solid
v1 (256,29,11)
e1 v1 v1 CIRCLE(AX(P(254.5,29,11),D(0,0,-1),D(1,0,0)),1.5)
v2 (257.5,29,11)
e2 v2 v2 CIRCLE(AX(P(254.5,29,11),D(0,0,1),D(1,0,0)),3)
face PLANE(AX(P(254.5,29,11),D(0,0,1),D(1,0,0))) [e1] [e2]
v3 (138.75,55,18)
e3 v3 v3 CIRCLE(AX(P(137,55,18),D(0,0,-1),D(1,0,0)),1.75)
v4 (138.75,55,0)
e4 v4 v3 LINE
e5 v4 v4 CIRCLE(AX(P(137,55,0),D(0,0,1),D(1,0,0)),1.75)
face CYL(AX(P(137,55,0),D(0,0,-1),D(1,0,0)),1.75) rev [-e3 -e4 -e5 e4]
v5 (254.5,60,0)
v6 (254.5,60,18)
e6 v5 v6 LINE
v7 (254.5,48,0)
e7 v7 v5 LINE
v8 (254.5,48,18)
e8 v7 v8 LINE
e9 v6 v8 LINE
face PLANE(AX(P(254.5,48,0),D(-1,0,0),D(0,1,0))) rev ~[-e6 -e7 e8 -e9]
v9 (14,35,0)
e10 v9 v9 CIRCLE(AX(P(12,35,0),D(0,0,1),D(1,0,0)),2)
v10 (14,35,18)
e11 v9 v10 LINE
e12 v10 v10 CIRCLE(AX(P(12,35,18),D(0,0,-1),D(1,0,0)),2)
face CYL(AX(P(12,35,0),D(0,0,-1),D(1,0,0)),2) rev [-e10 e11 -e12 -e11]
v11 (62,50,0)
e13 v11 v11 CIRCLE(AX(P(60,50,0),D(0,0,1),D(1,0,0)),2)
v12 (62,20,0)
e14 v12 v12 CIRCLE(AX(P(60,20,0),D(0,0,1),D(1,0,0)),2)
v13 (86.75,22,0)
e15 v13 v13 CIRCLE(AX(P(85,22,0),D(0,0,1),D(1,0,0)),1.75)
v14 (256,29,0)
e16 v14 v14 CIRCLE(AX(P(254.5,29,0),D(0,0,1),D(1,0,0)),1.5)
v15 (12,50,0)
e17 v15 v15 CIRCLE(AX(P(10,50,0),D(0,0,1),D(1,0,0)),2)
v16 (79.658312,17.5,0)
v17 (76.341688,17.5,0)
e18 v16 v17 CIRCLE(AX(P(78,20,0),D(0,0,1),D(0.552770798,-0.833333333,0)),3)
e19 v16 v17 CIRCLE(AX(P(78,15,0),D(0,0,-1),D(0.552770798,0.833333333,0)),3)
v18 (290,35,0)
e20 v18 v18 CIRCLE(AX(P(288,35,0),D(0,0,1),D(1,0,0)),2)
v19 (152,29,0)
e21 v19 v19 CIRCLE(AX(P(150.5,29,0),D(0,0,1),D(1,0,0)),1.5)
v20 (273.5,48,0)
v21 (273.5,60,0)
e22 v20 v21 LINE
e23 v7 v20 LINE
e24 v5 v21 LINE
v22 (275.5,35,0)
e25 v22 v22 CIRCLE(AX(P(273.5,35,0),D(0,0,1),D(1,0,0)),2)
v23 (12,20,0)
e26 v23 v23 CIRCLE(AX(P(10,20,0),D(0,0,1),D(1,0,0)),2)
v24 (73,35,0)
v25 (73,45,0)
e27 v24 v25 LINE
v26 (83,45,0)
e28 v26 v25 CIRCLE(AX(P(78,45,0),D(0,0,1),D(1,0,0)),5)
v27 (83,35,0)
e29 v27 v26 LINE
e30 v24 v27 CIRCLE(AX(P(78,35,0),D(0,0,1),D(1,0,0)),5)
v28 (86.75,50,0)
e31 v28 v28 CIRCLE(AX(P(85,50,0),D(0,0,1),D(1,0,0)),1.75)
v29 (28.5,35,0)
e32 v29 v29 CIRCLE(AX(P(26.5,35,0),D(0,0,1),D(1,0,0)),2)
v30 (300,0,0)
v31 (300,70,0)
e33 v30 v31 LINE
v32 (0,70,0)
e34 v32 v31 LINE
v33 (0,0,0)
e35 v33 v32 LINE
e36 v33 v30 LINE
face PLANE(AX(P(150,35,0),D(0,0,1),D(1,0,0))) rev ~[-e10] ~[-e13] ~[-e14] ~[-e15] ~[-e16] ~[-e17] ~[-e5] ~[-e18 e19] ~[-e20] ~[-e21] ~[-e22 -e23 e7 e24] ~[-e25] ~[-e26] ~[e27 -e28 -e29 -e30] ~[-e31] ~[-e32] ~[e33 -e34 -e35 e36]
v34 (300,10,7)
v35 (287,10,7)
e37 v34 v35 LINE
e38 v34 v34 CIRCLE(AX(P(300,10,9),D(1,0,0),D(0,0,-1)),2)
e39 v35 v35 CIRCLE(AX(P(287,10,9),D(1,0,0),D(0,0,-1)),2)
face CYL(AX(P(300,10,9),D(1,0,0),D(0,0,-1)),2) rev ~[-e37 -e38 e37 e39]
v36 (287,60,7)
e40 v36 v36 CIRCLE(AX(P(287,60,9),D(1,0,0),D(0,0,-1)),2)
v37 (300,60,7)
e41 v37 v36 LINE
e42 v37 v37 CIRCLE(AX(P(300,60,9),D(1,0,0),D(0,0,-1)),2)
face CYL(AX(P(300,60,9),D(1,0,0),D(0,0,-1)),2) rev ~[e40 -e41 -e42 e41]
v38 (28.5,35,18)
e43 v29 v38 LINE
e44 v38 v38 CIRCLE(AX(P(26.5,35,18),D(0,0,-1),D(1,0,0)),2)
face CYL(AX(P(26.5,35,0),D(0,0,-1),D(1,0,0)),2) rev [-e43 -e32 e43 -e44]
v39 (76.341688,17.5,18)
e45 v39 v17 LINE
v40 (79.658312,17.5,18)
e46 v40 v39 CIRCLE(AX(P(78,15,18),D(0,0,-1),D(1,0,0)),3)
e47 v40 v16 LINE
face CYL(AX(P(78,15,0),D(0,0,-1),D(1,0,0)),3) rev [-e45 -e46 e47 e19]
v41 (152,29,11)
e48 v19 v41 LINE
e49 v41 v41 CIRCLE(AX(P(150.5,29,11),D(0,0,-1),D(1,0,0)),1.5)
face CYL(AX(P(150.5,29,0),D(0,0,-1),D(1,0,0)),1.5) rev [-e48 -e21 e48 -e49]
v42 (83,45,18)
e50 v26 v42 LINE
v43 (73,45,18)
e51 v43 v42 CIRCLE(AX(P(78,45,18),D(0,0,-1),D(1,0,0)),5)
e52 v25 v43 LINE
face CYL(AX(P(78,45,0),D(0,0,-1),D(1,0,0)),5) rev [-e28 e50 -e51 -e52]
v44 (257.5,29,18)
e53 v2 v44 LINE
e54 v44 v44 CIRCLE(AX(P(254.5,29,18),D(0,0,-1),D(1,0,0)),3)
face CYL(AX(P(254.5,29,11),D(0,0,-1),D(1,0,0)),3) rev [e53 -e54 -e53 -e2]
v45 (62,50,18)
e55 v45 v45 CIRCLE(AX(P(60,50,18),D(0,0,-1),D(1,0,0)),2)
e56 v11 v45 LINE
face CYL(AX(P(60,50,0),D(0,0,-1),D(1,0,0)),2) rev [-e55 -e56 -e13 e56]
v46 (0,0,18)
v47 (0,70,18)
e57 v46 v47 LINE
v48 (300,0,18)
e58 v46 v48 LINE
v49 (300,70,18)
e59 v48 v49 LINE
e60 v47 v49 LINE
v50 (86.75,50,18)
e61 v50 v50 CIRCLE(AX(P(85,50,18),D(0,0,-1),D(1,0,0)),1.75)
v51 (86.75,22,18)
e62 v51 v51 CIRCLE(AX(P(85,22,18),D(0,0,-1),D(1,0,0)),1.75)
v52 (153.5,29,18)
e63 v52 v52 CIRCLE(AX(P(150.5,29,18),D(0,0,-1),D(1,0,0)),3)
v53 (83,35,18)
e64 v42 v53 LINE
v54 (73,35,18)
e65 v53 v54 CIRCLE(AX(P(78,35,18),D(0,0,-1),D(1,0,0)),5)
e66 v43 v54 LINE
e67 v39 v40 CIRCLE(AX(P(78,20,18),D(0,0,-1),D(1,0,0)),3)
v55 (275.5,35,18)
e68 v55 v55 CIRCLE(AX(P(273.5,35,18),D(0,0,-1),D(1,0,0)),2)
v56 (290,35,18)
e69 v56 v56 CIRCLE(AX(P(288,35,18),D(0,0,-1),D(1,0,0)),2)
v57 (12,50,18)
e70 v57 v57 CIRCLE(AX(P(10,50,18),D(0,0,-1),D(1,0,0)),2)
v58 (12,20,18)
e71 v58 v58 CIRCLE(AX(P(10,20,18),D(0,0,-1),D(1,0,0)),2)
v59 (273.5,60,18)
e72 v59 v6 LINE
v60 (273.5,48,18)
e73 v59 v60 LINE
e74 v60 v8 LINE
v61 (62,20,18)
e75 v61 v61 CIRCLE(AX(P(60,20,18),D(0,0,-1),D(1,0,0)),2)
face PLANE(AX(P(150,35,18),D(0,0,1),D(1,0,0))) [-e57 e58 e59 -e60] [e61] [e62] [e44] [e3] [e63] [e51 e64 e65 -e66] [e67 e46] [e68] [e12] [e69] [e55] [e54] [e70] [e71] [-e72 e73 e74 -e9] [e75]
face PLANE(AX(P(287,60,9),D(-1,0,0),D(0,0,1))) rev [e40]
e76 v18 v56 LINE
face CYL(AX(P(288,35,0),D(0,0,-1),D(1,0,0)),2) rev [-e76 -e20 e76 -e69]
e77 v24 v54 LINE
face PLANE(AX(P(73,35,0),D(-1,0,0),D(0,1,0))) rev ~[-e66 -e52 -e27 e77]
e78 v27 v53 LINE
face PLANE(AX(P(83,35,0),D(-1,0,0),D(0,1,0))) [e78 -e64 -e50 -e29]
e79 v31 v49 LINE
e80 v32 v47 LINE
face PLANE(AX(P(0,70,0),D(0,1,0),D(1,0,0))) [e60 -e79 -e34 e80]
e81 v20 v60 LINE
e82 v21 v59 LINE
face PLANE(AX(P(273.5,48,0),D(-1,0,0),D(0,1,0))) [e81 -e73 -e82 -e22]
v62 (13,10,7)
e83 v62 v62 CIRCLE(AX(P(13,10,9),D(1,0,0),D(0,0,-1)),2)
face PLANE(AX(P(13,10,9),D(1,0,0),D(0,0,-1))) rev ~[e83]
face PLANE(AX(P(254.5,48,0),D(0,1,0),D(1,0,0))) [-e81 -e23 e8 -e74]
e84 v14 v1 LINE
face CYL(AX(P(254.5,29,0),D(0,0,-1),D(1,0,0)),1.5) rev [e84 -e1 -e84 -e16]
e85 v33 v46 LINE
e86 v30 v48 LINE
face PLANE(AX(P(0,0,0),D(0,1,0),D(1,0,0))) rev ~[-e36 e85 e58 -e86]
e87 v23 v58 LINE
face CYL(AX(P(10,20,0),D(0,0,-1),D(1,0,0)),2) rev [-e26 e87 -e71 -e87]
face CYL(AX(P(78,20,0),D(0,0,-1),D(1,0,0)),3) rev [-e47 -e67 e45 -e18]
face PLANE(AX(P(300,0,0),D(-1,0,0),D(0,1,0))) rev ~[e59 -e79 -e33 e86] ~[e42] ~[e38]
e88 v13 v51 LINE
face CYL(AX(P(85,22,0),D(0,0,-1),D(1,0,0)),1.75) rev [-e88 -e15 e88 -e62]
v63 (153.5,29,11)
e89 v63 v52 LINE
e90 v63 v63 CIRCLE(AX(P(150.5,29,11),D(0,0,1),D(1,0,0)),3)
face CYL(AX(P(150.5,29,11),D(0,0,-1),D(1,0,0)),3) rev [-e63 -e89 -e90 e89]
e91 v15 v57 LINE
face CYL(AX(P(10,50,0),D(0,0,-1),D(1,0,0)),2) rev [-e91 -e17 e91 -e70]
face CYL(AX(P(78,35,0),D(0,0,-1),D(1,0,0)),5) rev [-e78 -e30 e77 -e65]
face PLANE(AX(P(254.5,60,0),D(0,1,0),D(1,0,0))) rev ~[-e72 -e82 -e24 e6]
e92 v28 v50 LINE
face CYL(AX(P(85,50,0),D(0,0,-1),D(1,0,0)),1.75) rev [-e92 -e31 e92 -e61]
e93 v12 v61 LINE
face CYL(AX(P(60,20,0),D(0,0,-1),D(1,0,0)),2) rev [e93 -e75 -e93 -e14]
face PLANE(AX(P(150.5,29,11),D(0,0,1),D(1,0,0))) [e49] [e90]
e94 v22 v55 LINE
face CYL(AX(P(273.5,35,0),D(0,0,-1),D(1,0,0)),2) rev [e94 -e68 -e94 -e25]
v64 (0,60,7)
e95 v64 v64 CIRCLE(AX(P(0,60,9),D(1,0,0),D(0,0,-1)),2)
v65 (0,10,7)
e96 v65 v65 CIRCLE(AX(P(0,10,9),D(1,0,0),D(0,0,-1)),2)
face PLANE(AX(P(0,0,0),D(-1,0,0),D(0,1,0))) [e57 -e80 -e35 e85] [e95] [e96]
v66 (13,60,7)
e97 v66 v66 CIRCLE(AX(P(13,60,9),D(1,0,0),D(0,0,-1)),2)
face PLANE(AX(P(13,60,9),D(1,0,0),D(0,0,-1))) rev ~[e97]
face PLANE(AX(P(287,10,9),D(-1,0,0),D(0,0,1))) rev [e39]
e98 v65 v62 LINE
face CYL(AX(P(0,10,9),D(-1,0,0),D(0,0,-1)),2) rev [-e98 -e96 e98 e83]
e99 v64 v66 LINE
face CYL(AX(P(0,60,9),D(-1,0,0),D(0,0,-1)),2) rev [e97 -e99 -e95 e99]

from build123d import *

# Parameters (mm, degrees)
CYLINDER020_R           = 2
CYLINDER020_DEPTH       = 13
CYLINDER020_PITCH_ANGLE = 90
CYLINDER019_R           = 2
CYLINDER019_DEPTH       = 13
CYLINDER019_PITCH_ANGLE = 90
BOX002_W                = 19
BOX002_H                = 12
BOX002_DEPTH            = 25
CYLINDER017_R           = 2
CYLINDER017_DEPTH       = 25
CYLINDER018_R           = 2
CYLINDER018_DEPTH       = 25
CYLINDER015_R           = 1.5
CYLINDER015_DEPTH       = 25
CYLINDER016_R           = 3
CYLINDER016_DEPTH       = 25
CYLINDER013_R           = 1.5
CYLINDER013_DEPTH       = 25
CYLINDER014_R           = 3
CYLINDER014_DEPTH       = 25
CYLINDER012_R           = 1.75
CYLINDER012_DEPTH       = 25
CYLINDER011_R           = 1.75
CYLINDER011_DEPTH       = 25
CYLINDER010_R           = 1.75
CYLINDER010_DEPTH       = 25
CYLINDER002_R           = 2
CYLINDER002_DEPTH       = 25
CYLINDER003_R           = 2
CYLINDER003_DEPTH       = 25
CYLINDER004_R           = 2
CYLINDER004_DEPTH       = 25
CYLINDER005_R           = 2
CYLINDER005_DEPTH       = 25
CYLINDER006_R           = 3
CYLINDER006_DEPTH       = 25
CYLINDER007_R           = 3
CYLINDER007_DEPTH       = 25
CYLINDER008_R           = 5
CYLINDER008_DEPTH       = 25
CYLINDER009_R           = 5
CYLINDER009_DEPTH       = 25
BOX001_W                = 10
BOX001_H                = 10
BOX001_DEPTH            = 25
CYLINDER_R              = 2
CYLINDER_DEPTH          = 25
CYLINDER001_R           = 2
CYLINDER001_DEPTH       = 25
BOX_W                   = 300
BOX_H                   = 70
BOX_DEPTH               = 18


with BuildPart() as cilindro020:
    # Cylinder020 → Cylinder020 (new body)
    with BuildSketch(Plane.XY):
        Circle(CYLINDER020_R)
    extrude(amount=CYLINDER020_DEPTH)


with BuildPart() as cilindro020_1:
    # Cylinder020 pitch: moved
    add(cilindro020.part.rotate(Axis((0, 0, 0), (0, 1, 0)), CYLINDER020_PITCH_ANGLE))


with BuildPart() as cilindro020_2:
    # Cylinder020 placement: moved
    add(cilindro020_1.part.moved(Location((0, 60, 9))))


with BuildPart() as mirror_of_cilindro020:
    # mirror001: instance of Cilindro020
    add(cilindro020_2.part.mirror(Plane(origin=(300, 0, 18), x_dir=(0, -1, 0), z_dir=(1, 0, 0))))


with BuildPart() as mirror_of_cilindro020_1:
    # mirror001 placement: moved
    add(mirror_of_cilindro020.part.moved(Location((-300, 0, 0))))


with BuildPart() as cilindro019:
    # Cylinder019 → Cylinder019 (new body)
    with BuildSketch(Plane.XY):
        Circle(CYLINDER019_R)
    extrude(amount=CYLINDER019_DEPTH)


with BuildPart() as cilindro019_1:
    # Cylinder019 pitch: moved
    add(cilindro019.part.rotate(Axis((0, 0, 0), (0, 1, 0)), CYLINDER019_PITCH_ANGLE))


with BuildPart() as cilindro019_2:
    # Cylinder019 placement: moved
    add(cilindro019_1.part.moved(Location((0, 10, 9))))


with BuildPart() as mirror_of_cilindro019:
    # mirror: instance of Cilindro019
    add(cilindro019_2.part.mirror(Plane(origin=(300, 0, 18), x_dir=(0, -1, 0), z_dir=(1, 0, 0))))


with BuildPart() as mirror_of_cilindro019_1:
    # mirror placement: moved
    add(mirror_of_cilindro019.part.moved(Location((-300, 0, 0))))


with BuildPart() as cubo002:
    # Box002 → Box002 (new body)
    with BuildSketch(Plane(origin=(254.5, 48, 0), x_dir=(1, 0, 0), z_dir=(0, 0, 1))):
        with Locations((9.5, 6)):
            Rectangle(BOX002_W, BOX002_H)
    extrude(amount=BOX002_DEPTH)


with BuildPart() as cilindro017:
    # Cylinder017 → Cylinder017 (new body)
    with BuildSketch(Plane(origin=(288, 35, 0), x_dir=(1, 0, 0), z_dir=(0, 0, 1))):
        Circle(CYLINDER017_R)
    extrude(amount=CYLINDER017_DEPTH)


with BuildPart() as cilindro018:
    # Cylinder018 → Cylinder018 (new body)
    with BuildSketch(Plane(origin=(273.5, 35, 0), x_dir=(1, 0, 0), z_dir=(0, 0, 1))):
        Circle(CYLINDER018_R)
    extrude(amount=CYLINDER018_DEPTH)


with BuildPart() as cilindro015:
    # Cylinder015 → Cylinder015 (new body)
    with BuildSketch(Plane(origin=(150.5, 29, 0), x_dir=(1, 0, 0), z_dir=(0, 0, 1))):
        Circle(CYLINDER015_R)
    extrude(amount=CYLINDER015_DEPTH)


with BuildPart() as fusion002:
    # Cylinder016 → Cylinder016 (new body)
    with BuildSketch(Plane(origin=(150.5, 29, 11), x_dir=(1, 0, 0), z_dir=(0, 0, 1))):
        Circle(CYLINDER016_R)
    extrude(amount=CYLINDER016_DEPTH)

    # Fusion002: union Cilindro015
    add(cilindro015.part)


with BuildPart() as fusion002_1:
    # Fusion002 placement: moved
    add(fusion002.part.moved(Location((104, 0, 0))))


with BuildPart() as cilindro013:
    # Cylinder013 → Cylinder013 (new body)
    with BuildSketch(Plane(origin=(150.5, 29, 0), x_dir=(1, 0, 0), z_dir=(0, 0, 1))):
        Circle(CYLINDER013_R)
    extrude(amount=CYLINDER013_DEPTH)


with BuildPart() as fusion001:
    # Cylinder014 → Cylinder014 (new body)
    with BuildSketch(Plane(origin=(150.5, 29, 11), x_dir=(1, 0, 0), z_dir=(0, 0, 1))):
        Circle(CYLINDER014_R)
    extrude(amount=CYLINDER014_DEPTH)

    # Fusion001: union Cilindro013
    add(cilindro013.part)


with BuildPart() as cilindro012:
    # Cylinder012 → Cylinder012 (new body)
    with BuildSketch(Plane(origin=(137, 55, 0), x_dir=(1, 0, 0), z_dir=(0, 0, 1))):
        Circle(CYLINDER012_R)
    extrude(amount=CYLINDER012_DEPTH)


with BuildPart() as cilindro011:
    # Cylinder011 → Cylinder011 (new body)
    with BuildSketch(Plane(origin=(85, 50, 0), x_dir=(1, 0, 0), z_dir=(0, 0, 1))):
        Circle(CYLINDER011_R)
    extrude(amount=CYLINDER011_DEPTH)


with BuildPart() as cilindro010:
    # Cylinder010 → Cylinder010 (new body)
    with BuildSketch(Plane(origin=(85, 22, 0), x_dir=(1, 0, 0), z_dir=(0, 0, 1))):
        Circle(CYLINDER010_R)
    extrude(amount=CYLINDER010_DEPTH)


with BuildPart() as cilindro002:
    # Cylinder002 → Cylinder002 (new body)
    with BuildSketch(Plane(origin=(60, 20, 0), x_dir=(1, 0, 0), z_dir=(0, 0, 1))):
        Circle(CYLINDER002_R)
    extrude(amount=CYLINDER002_DEPTH)


with BuildPart() as cilindro003:
    # Cylinder003 → Cylinder003 (new body)
    with BuildSketch(Plane(origin=(60, 50, 0), x_dir=(1, 0, 0), z_dir=(0, 0, 1))):
        Circle(CYLINDER003_R)
    extrude(amount=CYLINDER003_DEPTH)


with BuildPart() as cilindro004:
    # Cylinder004 → Cylinder004 (new body)
    with BuildSketch(Plane(origin=(12, 35, 0), x_dir=(1, 0, 0), z_dir=(0, 0, 1))):
        Circle(CYLINDER004_R)
    extrude(amount=CYLINDER004_DEPTH)


with BuildPart() as cilindro005:
    # Cylinder005 → Cylinder005 (new body)
    with BuildSketch(Plane(origin=(26.5, 35, 0), x_dir=(1, 0, 0), z_dir=(0, 0, 1))):
        Circle(CYLINDER005_R)
    extrude(amount=CYLINDER005_DEPTH)


with BuildPart() as cilindro006:
    # Cylinder006 → Cylinder006 (new body)
    with BuildSketch(Plane(origin=(78, 15, 0), x_dir=(1, 0, 0), z_dir=(0, 0, 1))):
        Circle(CYLINDER006_R)
    extrude(amount=CYLINDER006_DEPTH)


with BuildPart() as cilindro007:
    # Cylinder007 → Cylinder007 (new body)
    with BuildSketch(Plane(origin=(78, 20, 0), x_dir=(1, 0, 0), z_dir=(0, 0, 1))):
        Circle(CYLINDER007_R)
    extrude(amount=CYLINDER007_DEPTH)


with BuildPart() as cilindro008:
    # Cylinder008 → Cylinder008 (new body)
    with BuildSketch(Plane(origin=(78, 35, 0), x_dir=(1, 0, 0), z_dir=(0, 0, 1))):
        Circle(CYLINDER008_R)
    extrude(amount=CYLINDER008_DEPTH)


with BuildPart() as cilindro009:
    # Cylinder009 → Cylinder009 (new body)
    with BuildSketch(Plane(origin=(78, 45, 0), x_dir=(1, 0, 0), z_dir=(0, 0, 1))):
        Circle(CYLINDER009_R)
    extrude(amount=CYLINDER009_DEPTH)


with BuildPart() as cubo001:
    # Box001 → Box001 (new body)
    with BuildSketch(Plane(origin=(73, 35, 0), x_dir=(1, 0, 0), z_dir=(0, 0, 1))):
        with Locations((5, 5)):
            Rectangle(BOX001_W, BOX001_H)
    extrude(amount=BOX001_DEPTH)


with BuildPart() as cilindro:
    # Cylinder → Cylinder (new body)
    with BuildSketch(Plane(origin=(10, 20, 0), x_dir=(1, 0, 0), z_dir=(0, 0, 1))):
        Circle(CYLINDER_R)
    extrude(amount=CYLINDER_DEPTH)


with BuildPart() as fusion:
    # Cylinder001 → Cylinder001 (new body)
    with BuildSketch(Plane(origin=(10, 50, 0), x_dir=(1, 0, 0), z_dir=(0, 0, 1))):
        Circle(CYLINDER001_R)
    extrude(amount=CYLINDER001_DEPTH)

    # Fusion: union Cilindro002, Cilindro003, Cilindro004, Cilindro005, Cilindro006, Cilindro007, Cilindro008, Cilindro009, Cubo001, Cilindro
    add(cilindro002.part)
    add(cilindro003.part)
    add(cilindro004.part)
    add(cilindro005.part)
    add(cilindro006.part)
    add(cilindro007.part)
    add(cilindro008.part)
    add(cilindro009.part)
    add(cubo001.part)
    add(cilindro.part)


with BuildPart() as cut012:
    # Box → Box (new body)
    with BuildSketch(Plane.XY):
        with Locations((150, 35)):
            Rectangle(BOX_W, BOX_H)
    extrude(amount=BOX_DEPTH)

    # Cut: cut Fusion
    add(fusion.part, mode=Mode.SUBTRACT)

    # Cut001: cut Cilindro010
    add(cilindro010.part, mode=Mode.SUBTRACT)

    # Cut002: cut Cilindro011
    add(cilindro011.part, mode=Mode.SUBTRACT)

    # Cut003: cut Cilindro012
    add(cilindro012.part, mode=Mode.SUBTRACT)

    # Cut004: cut Fusion001
    add(fusion001.part, mode=Mode.SUBTRACT)

    # Cut005: cut Fusion002
    add(fusion002_1.part, mode=Mode.SUBTRACT)

    # Cut006: cut Cilindro018
    add(cilindro018.part, mode=Mode.SUBTRACT)

    # Cut007: cut Cilindro017
    add(cilindro017.part, mode=Mode.SUBTRACT)

    # Cut008: cut Cubo002
    add(cubo002.part, mode=Mode.SUBTRACT)

    # Cut009: cut Cilindro019
    add(cilindro019_2.part, mode=Mode.SUBTRACT)

    # Cut010: cut Cilindro020
    add(cilindro020_2.part, mode=Mode.SUBTRACT)

    # Cut011: cut Mirror of Cilindro019
    add(mirror_of_cilindro019_1.part, mode=Mode.SUBTRACT)

    # Cut012: cut Mirror of Cilindro020
    add(mirror_of_cilindro020_1.part, mode=Mode.SUBTRACT)


solid = cut012.part
